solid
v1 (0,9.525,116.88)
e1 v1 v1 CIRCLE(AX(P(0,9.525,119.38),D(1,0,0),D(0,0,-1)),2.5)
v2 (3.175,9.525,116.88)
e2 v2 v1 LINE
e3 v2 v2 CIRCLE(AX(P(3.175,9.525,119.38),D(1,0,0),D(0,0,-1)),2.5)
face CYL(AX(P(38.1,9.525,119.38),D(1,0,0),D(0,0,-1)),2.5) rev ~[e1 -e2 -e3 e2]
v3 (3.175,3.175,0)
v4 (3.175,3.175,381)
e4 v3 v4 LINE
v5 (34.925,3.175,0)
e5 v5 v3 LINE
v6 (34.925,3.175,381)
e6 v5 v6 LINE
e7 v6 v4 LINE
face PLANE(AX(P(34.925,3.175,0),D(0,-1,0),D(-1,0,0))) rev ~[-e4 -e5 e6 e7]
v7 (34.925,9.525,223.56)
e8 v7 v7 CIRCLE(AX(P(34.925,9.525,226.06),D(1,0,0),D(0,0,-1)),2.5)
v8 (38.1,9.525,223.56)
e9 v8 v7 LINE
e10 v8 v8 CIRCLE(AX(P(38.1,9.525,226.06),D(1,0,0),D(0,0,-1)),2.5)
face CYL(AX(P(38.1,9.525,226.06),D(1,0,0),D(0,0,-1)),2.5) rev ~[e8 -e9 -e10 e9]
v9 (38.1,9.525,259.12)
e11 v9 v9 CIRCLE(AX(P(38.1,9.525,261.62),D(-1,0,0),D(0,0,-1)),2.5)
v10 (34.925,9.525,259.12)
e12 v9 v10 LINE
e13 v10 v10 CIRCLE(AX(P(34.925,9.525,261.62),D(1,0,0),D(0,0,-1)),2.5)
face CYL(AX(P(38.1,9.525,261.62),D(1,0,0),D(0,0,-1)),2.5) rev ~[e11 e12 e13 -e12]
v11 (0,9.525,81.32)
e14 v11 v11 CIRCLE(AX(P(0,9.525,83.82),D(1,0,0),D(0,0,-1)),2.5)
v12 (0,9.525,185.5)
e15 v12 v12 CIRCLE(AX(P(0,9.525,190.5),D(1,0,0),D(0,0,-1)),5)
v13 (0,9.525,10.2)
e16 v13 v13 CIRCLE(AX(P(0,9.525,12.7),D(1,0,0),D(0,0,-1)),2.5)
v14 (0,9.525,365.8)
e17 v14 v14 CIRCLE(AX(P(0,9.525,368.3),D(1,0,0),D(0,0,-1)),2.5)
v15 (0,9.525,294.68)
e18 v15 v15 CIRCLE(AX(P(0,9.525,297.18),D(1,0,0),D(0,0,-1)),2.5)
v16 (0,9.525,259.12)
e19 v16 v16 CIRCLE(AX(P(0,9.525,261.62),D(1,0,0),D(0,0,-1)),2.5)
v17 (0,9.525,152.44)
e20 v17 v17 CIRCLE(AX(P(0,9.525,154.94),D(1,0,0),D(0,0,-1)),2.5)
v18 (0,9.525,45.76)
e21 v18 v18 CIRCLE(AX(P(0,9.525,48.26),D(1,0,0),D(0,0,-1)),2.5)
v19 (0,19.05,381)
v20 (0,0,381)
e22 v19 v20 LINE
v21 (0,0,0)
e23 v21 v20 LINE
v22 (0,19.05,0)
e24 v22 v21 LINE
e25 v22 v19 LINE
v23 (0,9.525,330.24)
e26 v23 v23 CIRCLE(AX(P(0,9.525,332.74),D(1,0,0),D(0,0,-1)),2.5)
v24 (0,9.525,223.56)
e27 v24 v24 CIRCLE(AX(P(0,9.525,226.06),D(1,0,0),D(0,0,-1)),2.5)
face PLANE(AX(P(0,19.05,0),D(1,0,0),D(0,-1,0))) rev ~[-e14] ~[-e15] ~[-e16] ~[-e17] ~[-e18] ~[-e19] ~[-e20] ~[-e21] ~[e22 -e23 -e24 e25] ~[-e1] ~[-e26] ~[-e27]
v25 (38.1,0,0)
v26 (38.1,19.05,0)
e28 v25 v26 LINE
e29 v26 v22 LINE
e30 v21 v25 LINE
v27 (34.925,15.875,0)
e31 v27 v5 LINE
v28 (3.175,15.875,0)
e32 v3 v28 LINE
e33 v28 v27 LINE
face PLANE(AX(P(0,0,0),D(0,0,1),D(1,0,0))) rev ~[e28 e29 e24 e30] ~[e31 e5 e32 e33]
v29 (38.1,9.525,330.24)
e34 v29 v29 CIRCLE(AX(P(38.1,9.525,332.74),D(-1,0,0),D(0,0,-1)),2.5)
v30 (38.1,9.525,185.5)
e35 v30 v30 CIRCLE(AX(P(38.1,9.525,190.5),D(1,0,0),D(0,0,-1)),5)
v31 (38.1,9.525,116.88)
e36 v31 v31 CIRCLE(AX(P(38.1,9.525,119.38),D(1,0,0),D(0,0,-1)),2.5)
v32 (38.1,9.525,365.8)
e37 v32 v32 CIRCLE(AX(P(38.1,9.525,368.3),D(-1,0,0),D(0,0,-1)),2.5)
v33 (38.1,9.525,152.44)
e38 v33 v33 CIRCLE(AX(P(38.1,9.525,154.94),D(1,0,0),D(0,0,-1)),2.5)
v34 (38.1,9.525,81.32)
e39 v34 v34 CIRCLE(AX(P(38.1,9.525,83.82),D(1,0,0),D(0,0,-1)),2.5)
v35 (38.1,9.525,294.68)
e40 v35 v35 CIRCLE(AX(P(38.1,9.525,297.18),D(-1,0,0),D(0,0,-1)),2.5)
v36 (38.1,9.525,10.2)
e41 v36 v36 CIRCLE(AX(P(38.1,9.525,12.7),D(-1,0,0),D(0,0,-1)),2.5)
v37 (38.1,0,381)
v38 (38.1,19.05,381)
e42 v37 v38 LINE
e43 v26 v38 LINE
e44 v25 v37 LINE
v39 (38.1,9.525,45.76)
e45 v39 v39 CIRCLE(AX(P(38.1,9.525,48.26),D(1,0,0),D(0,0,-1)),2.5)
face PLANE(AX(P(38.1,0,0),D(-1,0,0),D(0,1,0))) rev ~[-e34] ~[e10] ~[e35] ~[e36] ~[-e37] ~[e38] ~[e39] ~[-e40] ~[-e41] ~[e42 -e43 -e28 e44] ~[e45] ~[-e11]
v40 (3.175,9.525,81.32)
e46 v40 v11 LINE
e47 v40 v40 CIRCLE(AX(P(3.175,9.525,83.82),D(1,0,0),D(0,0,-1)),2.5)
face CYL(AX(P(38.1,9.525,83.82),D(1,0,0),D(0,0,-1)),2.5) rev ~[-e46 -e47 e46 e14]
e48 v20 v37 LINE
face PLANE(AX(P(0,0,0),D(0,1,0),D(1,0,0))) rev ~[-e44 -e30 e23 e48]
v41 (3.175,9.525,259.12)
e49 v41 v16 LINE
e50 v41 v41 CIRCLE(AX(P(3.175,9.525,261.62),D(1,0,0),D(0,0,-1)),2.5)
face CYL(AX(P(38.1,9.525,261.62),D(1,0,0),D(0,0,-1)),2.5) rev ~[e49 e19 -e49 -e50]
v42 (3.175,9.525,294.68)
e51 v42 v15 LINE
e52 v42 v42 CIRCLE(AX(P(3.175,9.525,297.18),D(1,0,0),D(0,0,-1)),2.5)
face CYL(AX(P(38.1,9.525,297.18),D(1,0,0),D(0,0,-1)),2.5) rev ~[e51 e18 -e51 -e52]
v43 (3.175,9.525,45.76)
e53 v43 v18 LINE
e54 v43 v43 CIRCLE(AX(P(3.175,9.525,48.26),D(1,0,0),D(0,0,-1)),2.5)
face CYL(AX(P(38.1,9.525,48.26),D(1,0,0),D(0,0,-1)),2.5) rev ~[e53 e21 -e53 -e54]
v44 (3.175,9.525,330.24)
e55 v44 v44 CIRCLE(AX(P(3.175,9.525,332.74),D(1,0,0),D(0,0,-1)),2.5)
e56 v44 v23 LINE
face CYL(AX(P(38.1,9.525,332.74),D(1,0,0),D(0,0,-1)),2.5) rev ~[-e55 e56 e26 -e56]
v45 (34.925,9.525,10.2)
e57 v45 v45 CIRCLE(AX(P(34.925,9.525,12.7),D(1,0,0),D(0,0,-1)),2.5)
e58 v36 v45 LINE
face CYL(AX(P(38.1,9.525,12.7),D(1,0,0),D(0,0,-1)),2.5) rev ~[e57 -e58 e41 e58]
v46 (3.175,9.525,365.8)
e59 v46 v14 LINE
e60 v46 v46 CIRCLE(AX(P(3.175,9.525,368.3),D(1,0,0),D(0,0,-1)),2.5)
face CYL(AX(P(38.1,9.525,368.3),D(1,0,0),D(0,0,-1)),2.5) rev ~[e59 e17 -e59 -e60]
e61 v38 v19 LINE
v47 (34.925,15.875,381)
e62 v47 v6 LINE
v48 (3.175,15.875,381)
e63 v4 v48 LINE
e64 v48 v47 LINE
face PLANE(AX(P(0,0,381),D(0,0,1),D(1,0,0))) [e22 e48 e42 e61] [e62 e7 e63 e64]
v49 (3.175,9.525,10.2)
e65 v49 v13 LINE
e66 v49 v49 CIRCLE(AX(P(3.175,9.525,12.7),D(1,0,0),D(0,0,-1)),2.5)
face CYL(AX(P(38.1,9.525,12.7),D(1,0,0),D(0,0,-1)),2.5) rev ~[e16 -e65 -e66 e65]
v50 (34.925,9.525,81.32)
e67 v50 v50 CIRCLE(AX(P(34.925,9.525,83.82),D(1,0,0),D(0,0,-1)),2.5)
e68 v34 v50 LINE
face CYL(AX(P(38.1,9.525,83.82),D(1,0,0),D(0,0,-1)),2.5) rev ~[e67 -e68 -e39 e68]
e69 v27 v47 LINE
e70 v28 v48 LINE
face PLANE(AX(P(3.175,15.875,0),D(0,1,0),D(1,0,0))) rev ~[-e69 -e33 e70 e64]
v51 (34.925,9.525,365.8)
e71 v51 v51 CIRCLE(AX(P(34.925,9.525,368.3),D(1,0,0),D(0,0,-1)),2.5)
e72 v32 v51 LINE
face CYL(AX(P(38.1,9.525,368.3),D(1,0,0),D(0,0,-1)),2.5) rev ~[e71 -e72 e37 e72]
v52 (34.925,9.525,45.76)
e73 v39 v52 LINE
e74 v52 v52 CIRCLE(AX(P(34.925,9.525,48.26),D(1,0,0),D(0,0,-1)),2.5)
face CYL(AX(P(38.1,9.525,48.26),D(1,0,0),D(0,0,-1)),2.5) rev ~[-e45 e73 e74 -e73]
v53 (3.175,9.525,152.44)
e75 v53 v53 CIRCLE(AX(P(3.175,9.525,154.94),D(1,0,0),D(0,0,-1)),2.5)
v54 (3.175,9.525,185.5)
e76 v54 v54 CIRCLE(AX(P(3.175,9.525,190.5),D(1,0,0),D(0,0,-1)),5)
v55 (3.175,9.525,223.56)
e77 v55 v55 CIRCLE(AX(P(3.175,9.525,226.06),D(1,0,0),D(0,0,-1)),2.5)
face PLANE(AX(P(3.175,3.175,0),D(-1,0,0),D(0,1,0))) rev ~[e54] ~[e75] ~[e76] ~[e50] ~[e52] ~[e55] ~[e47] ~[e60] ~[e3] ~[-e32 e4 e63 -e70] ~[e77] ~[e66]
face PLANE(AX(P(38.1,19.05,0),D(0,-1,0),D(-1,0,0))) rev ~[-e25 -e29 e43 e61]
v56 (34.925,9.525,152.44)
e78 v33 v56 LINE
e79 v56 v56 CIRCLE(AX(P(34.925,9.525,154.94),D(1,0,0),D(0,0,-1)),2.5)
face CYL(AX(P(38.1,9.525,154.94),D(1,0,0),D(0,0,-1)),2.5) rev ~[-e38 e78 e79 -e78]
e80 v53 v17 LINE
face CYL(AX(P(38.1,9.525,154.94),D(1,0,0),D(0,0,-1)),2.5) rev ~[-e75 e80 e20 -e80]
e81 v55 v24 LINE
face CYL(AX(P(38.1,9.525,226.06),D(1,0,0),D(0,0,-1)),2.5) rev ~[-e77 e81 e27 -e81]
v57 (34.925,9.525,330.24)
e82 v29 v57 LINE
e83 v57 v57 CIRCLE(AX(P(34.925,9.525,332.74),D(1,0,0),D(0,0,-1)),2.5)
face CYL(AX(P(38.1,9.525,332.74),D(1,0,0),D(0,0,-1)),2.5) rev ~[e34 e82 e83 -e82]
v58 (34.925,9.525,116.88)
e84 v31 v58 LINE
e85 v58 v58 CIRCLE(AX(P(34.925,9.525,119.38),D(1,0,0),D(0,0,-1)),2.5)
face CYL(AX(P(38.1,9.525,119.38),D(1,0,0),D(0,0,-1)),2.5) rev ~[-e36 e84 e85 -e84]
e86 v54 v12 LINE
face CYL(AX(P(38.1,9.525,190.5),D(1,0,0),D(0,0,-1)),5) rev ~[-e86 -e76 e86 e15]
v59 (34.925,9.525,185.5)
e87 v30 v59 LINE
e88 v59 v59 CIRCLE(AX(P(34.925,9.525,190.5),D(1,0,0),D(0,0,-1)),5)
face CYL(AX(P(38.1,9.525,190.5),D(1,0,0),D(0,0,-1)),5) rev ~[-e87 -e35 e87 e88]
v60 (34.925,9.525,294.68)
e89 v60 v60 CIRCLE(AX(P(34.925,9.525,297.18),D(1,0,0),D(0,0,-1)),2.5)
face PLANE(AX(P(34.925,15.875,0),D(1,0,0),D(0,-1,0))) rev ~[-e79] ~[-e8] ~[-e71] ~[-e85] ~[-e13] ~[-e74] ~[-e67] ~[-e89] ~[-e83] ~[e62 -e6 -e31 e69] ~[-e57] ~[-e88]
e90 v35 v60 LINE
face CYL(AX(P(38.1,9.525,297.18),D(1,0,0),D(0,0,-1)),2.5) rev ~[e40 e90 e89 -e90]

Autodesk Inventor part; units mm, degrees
ref_plane "YZ Plane" through (0, 0, 0) normal (1, 0, 0) x (0, 1, 0)
ref_plane "XZ Plane" through (0, 0, 0) normal (0, 1, 0) x (-1, 0, 0)
ref_plane "XY Plane" through (0, 0, 0) normal (0, 0, 1) x (1, 0, 0)
sketch "Sketch1" plane through (0, 0, 0) normal (0, 0, 1) x (1, 0, 0)
  line L0 (0, 0) -> (38.1, 0)
  line L1 (38.1, 0) -> (38.1, 19.05)
  line L2 (38.1, 19.05) -> (0, 19.05)
  line L3 (0, 19.05) -> (0, 0)
  line L4 (3.175, 15.875) -> (34.925, 15.875)
  line L5 (34.925, 15.875) -> (34.925, 3.175)
  line L6 (34.925, 3.175) -> (3.175, 3.175)
  line L7 (3.175, 3.175) -> (3.175, 15.875)
  dimension "d0" = 38.1
  dimension "d1" = 19.05
  dimension "d2" = 3.175
extrude "Extrusion1" add sketch "Sketch1" along normal blind 381
sketch "Sketch2" plane through (38.1, 0, 0) normal (1, 0, 0) x (0, 0, -1)
  circle A0 centre (-190.5, 9.525) radius 5
  line L0 (0, 19.05) -> (-381, 19.05) projected
  line L1 (-381, 0) -> (-381, 19.05) projected
  point P0 (0, 0)
  point P1 (-381, 9.525)
  dimension "d5" = 10
  dimension "d6" = 9.525
  dimension "d7" = 190.5
extrude "Extrusion2" cut sketch "Sketch2" against normal blind 381
sketch "Sketch4" plane through (38.1, 0, 0) normal (1, 0, 0) x (0, 0, -1)
  line L0 (-381, 0) -> (-381, 19.05) projected
  line L1 (-381, 9.525) -> (-254, 9.525)
  circle A0 centre (-368.3, 9.525) radius 2.5
  circle A1 centre (-332.74, 9.525) radius 2.5
  circle A2 centre (-297.18, 9.525) radius 2.5
  circle A3 centre (-261.62, 9.525) radius 2.5
  circle A4 centre (-226.06, 9.525) radius 2.5
  line L2 (0, 0) -> (0, 19.05) projected
  line L3 (0, 9.525) -> (-40.9904, 9.525)
  circle A5 centre (-12.7, 9.525) radius 2.5
  circle A6 centre (-48.26, 9.525) radius 2.5
  circle A7 centre (-83.82, 9.525) radius 2.5
  circle A8 centre (-119.38, 9.525) radius 2.5
  circle A9 centre (-154.94, 9.525) radius 2.5
  dimension "d10" = 127
  dimension "d11" = 5
  dimension "d14" = 35.56
  dimension "d19" = 12.7
  dimension "d20" = 5
  dimension "d23" = 35.56
  dimension "d28" = 12.7
extrude "Extrusion3" cut sketch "Sketch4" against normal blind 381
properties part number "hinge aray side"
